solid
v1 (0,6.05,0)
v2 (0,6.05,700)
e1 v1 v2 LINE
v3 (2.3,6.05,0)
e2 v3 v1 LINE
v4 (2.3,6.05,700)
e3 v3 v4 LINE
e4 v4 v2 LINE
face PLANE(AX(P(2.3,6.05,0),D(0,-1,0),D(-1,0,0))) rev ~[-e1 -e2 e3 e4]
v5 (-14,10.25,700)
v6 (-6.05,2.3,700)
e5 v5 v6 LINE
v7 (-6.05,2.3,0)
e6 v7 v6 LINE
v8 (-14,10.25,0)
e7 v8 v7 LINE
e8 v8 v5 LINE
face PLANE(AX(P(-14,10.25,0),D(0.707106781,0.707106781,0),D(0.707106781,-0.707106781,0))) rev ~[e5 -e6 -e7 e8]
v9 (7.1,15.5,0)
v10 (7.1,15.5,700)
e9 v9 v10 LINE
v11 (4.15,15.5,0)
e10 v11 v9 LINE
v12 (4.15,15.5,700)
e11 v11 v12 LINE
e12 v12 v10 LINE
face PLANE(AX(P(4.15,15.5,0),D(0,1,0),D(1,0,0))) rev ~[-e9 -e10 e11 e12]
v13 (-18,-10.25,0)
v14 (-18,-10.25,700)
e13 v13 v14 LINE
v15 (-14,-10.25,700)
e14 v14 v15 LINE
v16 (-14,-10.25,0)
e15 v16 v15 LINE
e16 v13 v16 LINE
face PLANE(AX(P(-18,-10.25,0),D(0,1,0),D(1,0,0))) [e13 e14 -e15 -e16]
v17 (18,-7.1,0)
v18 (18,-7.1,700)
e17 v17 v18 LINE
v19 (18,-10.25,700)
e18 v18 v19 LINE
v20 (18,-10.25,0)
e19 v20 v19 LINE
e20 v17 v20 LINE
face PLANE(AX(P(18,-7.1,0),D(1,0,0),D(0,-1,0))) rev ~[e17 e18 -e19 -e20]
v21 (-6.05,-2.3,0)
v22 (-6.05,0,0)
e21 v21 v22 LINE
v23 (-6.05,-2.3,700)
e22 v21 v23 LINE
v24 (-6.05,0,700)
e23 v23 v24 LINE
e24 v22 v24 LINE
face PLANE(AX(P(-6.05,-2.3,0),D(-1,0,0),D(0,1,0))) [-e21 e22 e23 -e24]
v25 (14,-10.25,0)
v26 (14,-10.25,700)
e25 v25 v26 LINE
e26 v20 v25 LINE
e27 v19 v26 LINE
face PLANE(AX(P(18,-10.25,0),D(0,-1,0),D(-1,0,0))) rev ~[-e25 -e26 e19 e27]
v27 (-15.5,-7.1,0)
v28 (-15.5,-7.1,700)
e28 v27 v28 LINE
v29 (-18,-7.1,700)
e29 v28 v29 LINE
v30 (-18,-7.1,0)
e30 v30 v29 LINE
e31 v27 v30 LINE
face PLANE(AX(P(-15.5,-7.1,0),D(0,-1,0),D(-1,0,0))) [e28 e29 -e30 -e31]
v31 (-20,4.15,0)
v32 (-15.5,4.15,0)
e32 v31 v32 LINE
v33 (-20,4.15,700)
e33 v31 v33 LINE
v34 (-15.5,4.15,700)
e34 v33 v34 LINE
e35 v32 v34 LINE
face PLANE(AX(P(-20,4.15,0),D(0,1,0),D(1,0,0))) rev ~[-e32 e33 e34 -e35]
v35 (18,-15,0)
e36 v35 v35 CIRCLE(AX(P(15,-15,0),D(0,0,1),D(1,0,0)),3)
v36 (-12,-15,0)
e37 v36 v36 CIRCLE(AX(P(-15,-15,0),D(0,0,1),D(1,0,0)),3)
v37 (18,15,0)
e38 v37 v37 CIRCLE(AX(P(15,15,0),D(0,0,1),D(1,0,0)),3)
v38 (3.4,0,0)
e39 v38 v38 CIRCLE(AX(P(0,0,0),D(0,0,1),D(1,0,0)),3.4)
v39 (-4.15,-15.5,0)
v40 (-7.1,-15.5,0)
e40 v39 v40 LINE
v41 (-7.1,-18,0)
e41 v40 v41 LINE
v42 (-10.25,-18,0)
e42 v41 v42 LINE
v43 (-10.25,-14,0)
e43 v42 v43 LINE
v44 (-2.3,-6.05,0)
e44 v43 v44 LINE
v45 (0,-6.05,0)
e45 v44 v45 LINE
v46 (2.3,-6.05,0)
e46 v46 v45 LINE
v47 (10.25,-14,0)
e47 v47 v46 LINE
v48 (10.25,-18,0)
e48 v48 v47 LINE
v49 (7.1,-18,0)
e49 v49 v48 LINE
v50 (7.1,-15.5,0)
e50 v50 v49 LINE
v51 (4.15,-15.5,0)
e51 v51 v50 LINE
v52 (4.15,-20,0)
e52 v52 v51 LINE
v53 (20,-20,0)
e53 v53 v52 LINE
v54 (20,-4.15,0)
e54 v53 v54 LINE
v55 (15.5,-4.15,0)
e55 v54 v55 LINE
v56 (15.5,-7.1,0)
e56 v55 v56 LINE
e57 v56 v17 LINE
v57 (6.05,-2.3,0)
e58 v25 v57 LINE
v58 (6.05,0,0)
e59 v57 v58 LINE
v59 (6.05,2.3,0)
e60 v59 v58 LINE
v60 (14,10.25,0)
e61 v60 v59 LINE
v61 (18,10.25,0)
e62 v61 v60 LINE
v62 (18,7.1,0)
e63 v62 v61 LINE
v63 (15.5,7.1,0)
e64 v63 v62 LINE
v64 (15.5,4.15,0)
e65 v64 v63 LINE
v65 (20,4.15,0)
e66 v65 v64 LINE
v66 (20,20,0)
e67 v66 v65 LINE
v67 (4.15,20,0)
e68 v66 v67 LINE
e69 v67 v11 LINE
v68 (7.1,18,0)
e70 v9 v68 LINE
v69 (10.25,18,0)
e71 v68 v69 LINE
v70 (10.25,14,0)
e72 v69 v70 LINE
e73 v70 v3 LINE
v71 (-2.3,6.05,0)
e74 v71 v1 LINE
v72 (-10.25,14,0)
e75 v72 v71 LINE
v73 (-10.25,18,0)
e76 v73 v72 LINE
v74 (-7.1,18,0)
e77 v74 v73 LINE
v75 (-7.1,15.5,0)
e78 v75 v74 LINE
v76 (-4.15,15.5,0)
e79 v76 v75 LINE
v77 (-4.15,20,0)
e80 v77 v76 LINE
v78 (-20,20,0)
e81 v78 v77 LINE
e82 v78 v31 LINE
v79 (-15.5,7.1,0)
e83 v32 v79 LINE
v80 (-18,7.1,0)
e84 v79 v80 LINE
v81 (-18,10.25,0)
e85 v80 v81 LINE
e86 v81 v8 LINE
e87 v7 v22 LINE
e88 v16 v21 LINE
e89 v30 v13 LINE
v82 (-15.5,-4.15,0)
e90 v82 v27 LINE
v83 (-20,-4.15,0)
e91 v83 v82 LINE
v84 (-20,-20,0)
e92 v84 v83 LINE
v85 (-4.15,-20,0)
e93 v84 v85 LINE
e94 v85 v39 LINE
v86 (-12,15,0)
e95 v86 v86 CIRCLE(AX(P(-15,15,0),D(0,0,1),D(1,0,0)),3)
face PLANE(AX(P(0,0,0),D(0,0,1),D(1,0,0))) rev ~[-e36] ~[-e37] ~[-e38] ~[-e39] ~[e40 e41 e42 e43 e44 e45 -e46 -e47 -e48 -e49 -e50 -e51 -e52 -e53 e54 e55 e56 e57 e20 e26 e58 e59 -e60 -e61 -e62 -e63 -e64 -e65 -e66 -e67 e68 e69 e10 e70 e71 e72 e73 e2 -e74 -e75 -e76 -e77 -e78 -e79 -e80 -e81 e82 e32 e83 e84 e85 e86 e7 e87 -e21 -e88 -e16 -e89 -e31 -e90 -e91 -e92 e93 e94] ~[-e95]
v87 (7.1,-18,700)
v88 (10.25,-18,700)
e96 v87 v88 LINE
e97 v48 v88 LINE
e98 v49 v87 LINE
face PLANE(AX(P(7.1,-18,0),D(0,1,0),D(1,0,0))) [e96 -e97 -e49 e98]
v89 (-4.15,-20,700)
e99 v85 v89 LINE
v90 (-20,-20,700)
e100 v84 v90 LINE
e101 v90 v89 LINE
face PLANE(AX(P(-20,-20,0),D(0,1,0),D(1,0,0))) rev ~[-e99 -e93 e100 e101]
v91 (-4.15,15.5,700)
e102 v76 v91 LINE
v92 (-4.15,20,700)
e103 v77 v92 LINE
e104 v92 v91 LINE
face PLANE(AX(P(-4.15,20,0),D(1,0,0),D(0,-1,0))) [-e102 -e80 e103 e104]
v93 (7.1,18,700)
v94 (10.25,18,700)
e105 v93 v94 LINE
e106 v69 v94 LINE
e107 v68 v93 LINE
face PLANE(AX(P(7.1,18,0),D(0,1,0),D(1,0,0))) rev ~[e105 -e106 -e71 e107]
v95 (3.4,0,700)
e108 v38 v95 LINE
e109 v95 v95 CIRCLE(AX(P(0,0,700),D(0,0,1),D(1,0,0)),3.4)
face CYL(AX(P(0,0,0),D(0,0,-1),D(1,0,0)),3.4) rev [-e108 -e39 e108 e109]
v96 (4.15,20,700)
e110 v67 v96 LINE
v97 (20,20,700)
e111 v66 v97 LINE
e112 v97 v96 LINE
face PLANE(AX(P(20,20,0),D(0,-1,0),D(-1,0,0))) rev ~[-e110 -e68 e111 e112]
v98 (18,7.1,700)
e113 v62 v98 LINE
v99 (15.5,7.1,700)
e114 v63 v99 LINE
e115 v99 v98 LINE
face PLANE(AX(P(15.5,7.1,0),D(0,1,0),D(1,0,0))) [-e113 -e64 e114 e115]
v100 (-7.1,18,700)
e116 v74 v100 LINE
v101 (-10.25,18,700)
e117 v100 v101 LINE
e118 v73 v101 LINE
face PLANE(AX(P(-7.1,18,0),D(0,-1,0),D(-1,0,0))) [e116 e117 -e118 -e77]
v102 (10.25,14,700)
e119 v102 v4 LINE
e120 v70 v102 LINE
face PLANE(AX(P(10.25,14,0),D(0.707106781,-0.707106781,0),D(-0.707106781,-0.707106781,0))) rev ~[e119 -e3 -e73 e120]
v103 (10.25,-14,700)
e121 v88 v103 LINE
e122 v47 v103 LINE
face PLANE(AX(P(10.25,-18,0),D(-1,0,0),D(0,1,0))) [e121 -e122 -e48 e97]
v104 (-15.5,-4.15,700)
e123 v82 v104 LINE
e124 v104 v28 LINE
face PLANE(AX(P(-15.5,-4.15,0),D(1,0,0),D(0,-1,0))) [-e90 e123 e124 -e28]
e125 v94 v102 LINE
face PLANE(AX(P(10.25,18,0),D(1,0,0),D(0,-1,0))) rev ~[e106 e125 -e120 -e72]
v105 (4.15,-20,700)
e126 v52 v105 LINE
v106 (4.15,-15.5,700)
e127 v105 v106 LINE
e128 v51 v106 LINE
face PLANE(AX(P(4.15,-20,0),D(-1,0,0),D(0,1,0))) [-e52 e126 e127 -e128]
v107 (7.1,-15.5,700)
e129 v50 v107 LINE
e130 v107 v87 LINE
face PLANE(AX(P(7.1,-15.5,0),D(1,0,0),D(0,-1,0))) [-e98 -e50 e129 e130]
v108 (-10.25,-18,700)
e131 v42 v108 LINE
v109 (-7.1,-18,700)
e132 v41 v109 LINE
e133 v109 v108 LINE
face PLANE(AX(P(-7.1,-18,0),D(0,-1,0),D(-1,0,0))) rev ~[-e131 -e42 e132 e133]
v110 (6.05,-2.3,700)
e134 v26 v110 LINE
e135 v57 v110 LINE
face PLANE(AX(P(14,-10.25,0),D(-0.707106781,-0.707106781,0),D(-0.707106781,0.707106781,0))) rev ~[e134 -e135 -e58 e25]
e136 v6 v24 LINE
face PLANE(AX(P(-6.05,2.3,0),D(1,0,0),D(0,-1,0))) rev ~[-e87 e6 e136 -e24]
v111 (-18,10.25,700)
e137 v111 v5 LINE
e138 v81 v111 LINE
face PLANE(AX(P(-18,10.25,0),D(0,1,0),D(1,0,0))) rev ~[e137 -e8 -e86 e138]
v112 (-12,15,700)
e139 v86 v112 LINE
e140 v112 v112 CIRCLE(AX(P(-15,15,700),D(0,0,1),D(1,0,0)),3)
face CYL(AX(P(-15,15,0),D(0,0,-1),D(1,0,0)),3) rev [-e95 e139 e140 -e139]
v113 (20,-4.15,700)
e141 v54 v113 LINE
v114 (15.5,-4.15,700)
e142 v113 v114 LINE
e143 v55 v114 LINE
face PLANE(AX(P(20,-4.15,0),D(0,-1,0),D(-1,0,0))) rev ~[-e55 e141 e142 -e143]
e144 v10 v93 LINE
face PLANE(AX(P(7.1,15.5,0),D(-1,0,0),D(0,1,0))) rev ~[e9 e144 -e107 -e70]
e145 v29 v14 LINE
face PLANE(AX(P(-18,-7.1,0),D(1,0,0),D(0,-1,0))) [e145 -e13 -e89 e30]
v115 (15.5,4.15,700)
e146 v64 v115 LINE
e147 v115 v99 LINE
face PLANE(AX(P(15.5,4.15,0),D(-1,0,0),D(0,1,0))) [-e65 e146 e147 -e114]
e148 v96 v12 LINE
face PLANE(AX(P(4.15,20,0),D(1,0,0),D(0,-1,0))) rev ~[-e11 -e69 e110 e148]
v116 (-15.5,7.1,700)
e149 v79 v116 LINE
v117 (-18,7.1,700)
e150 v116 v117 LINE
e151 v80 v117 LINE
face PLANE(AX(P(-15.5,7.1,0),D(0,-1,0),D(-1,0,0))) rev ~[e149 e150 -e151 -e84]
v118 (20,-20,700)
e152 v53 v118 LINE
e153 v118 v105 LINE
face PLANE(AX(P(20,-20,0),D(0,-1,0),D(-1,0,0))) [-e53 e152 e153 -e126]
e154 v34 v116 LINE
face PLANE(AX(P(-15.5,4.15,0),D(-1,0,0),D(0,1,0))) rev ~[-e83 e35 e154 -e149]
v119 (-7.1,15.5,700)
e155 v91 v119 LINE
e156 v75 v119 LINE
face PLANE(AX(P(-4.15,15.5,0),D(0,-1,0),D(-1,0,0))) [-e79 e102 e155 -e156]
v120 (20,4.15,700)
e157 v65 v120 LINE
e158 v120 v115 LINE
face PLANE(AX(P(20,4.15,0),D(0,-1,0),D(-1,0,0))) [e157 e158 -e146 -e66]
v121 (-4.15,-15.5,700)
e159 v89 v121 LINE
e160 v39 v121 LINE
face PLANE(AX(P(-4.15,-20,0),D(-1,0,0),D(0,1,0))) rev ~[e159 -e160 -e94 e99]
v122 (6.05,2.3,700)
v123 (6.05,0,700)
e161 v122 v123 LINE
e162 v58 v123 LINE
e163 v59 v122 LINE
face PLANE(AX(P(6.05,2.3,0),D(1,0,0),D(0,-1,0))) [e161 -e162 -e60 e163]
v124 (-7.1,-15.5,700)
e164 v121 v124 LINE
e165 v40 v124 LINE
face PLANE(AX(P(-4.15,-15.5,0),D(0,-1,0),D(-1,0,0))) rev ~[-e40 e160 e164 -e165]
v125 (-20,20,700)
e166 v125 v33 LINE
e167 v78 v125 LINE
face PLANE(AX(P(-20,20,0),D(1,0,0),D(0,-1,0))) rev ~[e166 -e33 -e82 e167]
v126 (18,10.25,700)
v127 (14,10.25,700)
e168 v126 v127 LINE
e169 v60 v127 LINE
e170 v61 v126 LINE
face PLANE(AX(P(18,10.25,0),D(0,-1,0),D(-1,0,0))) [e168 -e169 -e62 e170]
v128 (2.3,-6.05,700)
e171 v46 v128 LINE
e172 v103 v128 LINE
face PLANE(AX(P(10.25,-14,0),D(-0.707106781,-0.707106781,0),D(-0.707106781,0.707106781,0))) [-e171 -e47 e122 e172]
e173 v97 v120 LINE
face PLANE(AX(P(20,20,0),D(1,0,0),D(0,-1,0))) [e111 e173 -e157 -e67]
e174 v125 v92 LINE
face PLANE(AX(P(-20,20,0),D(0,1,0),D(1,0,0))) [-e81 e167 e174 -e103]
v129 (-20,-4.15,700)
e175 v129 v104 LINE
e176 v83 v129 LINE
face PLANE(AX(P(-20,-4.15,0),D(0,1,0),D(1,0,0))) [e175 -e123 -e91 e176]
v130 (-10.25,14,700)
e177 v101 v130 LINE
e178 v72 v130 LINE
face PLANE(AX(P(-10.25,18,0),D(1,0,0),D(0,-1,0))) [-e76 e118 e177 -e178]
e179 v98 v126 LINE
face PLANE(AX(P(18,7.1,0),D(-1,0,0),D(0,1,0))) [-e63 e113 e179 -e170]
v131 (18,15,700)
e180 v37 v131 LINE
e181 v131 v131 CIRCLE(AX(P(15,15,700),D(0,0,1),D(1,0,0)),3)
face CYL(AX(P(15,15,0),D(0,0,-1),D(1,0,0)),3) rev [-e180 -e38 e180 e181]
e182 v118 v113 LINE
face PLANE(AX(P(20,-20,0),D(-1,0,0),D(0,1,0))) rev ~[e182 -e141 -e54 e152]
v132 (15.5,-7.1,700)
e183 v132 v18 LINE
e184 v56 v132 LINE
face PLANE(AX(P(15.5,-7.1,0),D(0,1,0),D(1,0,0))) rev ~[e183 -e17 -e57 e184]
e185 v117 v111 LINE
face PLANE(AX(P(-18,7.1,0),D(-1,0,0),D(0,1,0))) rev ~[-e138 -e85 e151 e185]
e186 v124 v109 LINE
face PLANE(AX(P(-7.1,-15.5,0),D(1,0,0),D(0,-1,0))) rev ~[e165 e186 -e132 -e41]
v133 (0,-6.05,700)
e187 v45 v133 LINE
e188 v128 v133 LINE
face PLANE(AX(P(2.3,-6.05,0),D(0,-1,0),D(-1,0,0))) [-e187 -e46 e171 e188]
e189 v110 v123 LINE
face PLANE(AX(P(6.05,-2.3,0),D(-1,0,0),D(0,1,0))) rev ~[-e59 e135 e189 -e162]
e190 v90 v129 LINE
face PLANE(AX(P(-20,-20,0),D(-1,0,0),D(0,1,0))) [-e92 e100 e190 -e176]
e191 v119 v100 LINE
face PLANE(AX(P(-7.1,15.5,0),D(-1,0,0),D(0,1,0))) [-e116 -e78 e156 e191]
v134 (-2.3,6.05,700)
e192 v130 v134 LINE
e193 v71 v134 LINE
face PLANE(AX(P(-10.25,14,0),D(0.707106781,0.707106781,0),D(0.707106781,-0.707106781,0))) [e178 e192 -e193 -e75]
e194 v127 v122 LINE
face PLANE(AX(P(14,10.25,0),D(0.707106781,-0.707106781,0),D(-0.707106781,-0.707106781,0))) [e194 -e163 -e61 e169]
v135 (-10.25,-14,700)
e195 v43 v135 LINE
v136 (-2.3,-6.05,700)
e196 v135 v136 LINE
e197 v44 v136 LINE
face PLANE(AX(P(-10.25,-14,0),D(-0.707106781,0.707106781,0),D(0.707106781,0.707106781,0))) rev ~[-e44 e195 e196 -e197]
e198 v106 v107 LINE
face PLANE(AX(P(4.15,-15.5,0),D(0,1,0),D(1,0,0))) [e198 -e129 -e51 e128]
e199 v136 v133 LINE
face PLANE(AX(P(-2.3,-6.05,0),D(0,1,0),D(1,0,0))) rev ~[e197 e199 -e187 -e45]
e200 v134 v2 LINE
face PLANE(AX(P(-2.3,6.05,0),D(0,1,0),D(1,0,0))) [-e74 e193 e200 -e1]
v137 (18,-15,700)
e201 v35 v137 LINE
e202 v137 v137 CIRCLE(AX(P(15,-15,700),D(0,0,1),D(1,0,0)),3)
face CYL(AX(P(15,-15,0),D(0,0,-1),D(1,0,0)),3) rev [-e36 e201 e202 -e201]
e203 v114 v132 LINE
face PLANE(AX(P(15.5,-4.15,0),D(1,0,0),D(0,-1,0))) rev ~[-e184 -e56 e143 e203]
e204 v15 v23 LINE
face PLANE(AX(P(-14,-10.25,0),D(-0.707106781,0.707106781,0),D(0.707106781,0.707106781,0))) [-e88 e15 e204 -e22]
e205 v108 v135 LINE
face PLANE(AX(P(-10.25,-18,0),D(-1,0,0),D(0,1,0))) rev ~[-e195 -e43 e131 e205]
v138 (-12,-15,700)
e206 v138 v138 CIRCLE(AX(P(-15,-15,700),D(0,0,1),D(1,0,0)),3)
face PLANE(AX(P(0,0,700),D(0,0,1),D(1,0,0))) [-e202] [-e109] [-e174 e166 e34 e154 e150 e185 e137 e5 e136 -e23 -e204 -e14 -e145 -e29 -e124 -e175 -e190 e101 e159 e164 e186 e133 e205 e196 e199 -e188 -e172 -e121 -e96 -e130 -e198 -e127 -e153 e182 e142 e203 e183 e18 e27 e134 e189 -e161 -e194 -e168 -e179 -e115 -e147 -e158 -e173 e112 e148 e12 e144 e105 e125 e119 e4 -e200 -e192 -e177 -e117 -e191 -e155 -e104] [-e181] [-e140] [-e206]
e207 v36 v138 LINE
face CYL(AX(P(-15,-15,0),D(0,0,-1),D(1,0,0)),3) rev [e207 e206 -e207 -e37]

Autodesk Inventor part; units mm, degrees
ref_plane "YZ Plane" through (0, 0, 0) normal (1, 0, 0) x (0, 1, 0)
ref_plane "XZ Plane" through (0, 0, 0) normal (0, 1, 0) x (-1, 0, 0)
sketch "Sketch1" plane through (0, 0, 0) normal (0, 0, 1) x (1, 0, 0)
  circle A0 centre (0, 0) radius 3.4
  line L0 (0, 0) -> (20, 20) construction
  line L1 (0, 0) -> (28.2843, 0) construction
  line L2 (20, 20) -> (4.15, 20)
  line L3 (4.15, 20) -> (4.15, 15.5)
  line L4 (4.15, 15.5) -> (7.1, 15.5)
  line L5 (7.1, 15.5) -> (7.1, 18)
  line L6 (7.1, 18) -> (10.25, 18)
  line L7 (10.25, 18) -> (10.25, 14)
  line L8 (0, 0) -> (0, 26.1056) construction
  line L9 (10.25, 14) -> (2.3, 6.05)
  line L10 (2.3, 6.05) -> (0, 6.05)
  circle A1 centre (15, 15) radius 3
  line L11 (20, 20) -> (20, 4.15)
  line L12 (20, 4.15) -> (15.5, 4.15)
  line L13 (15.5, 4.15) -> (15.5, 7.1)
  line L14 (15.5, 7.1) -> (18, 7.1)
  line L15 (18, 7.1) -> (18, 10.25)
  line L16 (18, 10.25) -> (14, 10.25)
  line L17 (14, 10.25) -> (6.05, 2.3)
  line L18 (6.05, 2.3) -> (6.05, 0)
  line L19 (-2.3, 6.05) -> (0, 6.05)
  line L20 (-10.25, 14) -> (-2.3, 6.05)
  line L21 (-10.25, 18) -> (-10.25, 14)
  line L22 (-4.15, 15.5) -> (-7.1, 15.5)
  line L23 (-7.1, 15.5) -> (-7.1, 18)
  line L24 (-7.1, 18) -> (-10.25, 18)
  line L25 (-4.15, 20) -> (-4.15, 15.5)
  line L26 (-20, 20) -> (-4.15, 20)
  circle A2 centre (-15, 15) radius 3
  line L27 (-20, 20) -> (-20, 4.15)
  line L28 (-14, 10.25) -> (-6.05, 2.3)
  line L29 (-18, 7.1) -> (-18, 10.25)
  line L30 (-18, 10.25) -> (-14, 10.25)
  line L31 (-20, 4.15) -> (-15.5, 4.15)
  line L32 (-15.5, 4.15) -> (-15.5, 7.1)
  line L33 (-15.5, 7.1) -> (-18, 7.1)
  line L34 (-6.05, 2.3) -> (-6.05, 0)
  line L35 (-6.05, -2.3) -> (-6.05, 0)
  line L36 (-14, -10.25) -> (-6.05, -2.3)
  line L37 (-18, -10.25) -> (-14, -10.25)
  line L38 (-15.5, -4.15) -> (-15.5, -7.1)
  line L39 (-15.5, -7.1) -> (-18, -7.1)
  line L40 (-18, -7.1) -> (-18, -10.25)
  line L41 (-20, -4.15) -> (-15.5, -4.15)
  line L42 (-20, -20) -> (-20, -4.15)
  circle A3 centre (-15, -15) radius 3
  line L43 (-20, -20) -> (-4.15, -20)
  line L44 (-10.25, -14) -> (-2.3, -6.05)
  line L45 (-7.1, -18) -> (-10.25, -18)
  line L46 (-10.25, -18) -> (-10.25, -14)
  line L47 (-4.15, -20) -> (-4.15, -15.5)
  line L48 (-4.15, -15.5) -> (-7.1, -15.5)
  line L49 (-7.1, -15.5) -> (-7.1, -18)
  line L50 (-2.3, -6.05) -> (0, -6.05)
  line L51 (2.3, -6.05) -> (0, -6.05)
  line L52 (10.25, -14) -> (2.3, -6.05)
  line L53 (10.25, -18) -> (10.25, -14)
  line L54 (4.15, -15.5) -> (7.1, -15.5)
  line L55 (7.1, -15.5) -> (7.1, -18)
  line L56 (7.1, -18) -> (10.25, -18)
  line L57 (4.15, -20) -> (4.15, -15.5)
  line L58 (20, -20) -> (4.15, -20)
  circle A4 centre (15, -15) radius 3
  line L59 (20, -20) -> (20, -4.15)
  line L60 (14, -10.25) -> (6.05, -2.3)
  line L61 (18, -7.1) -> (18, -10.25)
  line L62 (18, -10.25) -> (14, -10.25)
  line L63 (20, -4.15) -> (15.5, -4.15)
  line L64 (15.5, -4.15) -> (15.5, -7.1)
  line L65 (15.5, -7.1) -> (18, -7.1)
  line L66 (6.05, -2.3) -> (6.05, 0)
  point P0 (0, 6.05)
  point P1 (-6.05, 0)
  point P2 (0, -6.05)
  dimension "d0" = 6.8
  dimension "d1" = 45
  dimension "d2" = 20
  dimension "d3" = 6
  dimension "d4" = 15
  dimension "d5" = 10.25
  dimension "d6" = 7.1
  dimension "d7" = 4.15
  dimension "d8" = 4.5
  dimension "d9" = 2
  dimension "d10" = 13.95
  dimension "d11" = 6
  dimension "d14" = 360
extrude "Extrusion1" add sketch "Sketch1" along normal blind 700
ref_plane "Work Plane1" through (0, 0, 350) normal (0, 0, 1) x (1, 0, 0)
properties part number "Aluminum_Profile_4040_100.14mm_bottom" material "Aluminum 6061-AHC"
